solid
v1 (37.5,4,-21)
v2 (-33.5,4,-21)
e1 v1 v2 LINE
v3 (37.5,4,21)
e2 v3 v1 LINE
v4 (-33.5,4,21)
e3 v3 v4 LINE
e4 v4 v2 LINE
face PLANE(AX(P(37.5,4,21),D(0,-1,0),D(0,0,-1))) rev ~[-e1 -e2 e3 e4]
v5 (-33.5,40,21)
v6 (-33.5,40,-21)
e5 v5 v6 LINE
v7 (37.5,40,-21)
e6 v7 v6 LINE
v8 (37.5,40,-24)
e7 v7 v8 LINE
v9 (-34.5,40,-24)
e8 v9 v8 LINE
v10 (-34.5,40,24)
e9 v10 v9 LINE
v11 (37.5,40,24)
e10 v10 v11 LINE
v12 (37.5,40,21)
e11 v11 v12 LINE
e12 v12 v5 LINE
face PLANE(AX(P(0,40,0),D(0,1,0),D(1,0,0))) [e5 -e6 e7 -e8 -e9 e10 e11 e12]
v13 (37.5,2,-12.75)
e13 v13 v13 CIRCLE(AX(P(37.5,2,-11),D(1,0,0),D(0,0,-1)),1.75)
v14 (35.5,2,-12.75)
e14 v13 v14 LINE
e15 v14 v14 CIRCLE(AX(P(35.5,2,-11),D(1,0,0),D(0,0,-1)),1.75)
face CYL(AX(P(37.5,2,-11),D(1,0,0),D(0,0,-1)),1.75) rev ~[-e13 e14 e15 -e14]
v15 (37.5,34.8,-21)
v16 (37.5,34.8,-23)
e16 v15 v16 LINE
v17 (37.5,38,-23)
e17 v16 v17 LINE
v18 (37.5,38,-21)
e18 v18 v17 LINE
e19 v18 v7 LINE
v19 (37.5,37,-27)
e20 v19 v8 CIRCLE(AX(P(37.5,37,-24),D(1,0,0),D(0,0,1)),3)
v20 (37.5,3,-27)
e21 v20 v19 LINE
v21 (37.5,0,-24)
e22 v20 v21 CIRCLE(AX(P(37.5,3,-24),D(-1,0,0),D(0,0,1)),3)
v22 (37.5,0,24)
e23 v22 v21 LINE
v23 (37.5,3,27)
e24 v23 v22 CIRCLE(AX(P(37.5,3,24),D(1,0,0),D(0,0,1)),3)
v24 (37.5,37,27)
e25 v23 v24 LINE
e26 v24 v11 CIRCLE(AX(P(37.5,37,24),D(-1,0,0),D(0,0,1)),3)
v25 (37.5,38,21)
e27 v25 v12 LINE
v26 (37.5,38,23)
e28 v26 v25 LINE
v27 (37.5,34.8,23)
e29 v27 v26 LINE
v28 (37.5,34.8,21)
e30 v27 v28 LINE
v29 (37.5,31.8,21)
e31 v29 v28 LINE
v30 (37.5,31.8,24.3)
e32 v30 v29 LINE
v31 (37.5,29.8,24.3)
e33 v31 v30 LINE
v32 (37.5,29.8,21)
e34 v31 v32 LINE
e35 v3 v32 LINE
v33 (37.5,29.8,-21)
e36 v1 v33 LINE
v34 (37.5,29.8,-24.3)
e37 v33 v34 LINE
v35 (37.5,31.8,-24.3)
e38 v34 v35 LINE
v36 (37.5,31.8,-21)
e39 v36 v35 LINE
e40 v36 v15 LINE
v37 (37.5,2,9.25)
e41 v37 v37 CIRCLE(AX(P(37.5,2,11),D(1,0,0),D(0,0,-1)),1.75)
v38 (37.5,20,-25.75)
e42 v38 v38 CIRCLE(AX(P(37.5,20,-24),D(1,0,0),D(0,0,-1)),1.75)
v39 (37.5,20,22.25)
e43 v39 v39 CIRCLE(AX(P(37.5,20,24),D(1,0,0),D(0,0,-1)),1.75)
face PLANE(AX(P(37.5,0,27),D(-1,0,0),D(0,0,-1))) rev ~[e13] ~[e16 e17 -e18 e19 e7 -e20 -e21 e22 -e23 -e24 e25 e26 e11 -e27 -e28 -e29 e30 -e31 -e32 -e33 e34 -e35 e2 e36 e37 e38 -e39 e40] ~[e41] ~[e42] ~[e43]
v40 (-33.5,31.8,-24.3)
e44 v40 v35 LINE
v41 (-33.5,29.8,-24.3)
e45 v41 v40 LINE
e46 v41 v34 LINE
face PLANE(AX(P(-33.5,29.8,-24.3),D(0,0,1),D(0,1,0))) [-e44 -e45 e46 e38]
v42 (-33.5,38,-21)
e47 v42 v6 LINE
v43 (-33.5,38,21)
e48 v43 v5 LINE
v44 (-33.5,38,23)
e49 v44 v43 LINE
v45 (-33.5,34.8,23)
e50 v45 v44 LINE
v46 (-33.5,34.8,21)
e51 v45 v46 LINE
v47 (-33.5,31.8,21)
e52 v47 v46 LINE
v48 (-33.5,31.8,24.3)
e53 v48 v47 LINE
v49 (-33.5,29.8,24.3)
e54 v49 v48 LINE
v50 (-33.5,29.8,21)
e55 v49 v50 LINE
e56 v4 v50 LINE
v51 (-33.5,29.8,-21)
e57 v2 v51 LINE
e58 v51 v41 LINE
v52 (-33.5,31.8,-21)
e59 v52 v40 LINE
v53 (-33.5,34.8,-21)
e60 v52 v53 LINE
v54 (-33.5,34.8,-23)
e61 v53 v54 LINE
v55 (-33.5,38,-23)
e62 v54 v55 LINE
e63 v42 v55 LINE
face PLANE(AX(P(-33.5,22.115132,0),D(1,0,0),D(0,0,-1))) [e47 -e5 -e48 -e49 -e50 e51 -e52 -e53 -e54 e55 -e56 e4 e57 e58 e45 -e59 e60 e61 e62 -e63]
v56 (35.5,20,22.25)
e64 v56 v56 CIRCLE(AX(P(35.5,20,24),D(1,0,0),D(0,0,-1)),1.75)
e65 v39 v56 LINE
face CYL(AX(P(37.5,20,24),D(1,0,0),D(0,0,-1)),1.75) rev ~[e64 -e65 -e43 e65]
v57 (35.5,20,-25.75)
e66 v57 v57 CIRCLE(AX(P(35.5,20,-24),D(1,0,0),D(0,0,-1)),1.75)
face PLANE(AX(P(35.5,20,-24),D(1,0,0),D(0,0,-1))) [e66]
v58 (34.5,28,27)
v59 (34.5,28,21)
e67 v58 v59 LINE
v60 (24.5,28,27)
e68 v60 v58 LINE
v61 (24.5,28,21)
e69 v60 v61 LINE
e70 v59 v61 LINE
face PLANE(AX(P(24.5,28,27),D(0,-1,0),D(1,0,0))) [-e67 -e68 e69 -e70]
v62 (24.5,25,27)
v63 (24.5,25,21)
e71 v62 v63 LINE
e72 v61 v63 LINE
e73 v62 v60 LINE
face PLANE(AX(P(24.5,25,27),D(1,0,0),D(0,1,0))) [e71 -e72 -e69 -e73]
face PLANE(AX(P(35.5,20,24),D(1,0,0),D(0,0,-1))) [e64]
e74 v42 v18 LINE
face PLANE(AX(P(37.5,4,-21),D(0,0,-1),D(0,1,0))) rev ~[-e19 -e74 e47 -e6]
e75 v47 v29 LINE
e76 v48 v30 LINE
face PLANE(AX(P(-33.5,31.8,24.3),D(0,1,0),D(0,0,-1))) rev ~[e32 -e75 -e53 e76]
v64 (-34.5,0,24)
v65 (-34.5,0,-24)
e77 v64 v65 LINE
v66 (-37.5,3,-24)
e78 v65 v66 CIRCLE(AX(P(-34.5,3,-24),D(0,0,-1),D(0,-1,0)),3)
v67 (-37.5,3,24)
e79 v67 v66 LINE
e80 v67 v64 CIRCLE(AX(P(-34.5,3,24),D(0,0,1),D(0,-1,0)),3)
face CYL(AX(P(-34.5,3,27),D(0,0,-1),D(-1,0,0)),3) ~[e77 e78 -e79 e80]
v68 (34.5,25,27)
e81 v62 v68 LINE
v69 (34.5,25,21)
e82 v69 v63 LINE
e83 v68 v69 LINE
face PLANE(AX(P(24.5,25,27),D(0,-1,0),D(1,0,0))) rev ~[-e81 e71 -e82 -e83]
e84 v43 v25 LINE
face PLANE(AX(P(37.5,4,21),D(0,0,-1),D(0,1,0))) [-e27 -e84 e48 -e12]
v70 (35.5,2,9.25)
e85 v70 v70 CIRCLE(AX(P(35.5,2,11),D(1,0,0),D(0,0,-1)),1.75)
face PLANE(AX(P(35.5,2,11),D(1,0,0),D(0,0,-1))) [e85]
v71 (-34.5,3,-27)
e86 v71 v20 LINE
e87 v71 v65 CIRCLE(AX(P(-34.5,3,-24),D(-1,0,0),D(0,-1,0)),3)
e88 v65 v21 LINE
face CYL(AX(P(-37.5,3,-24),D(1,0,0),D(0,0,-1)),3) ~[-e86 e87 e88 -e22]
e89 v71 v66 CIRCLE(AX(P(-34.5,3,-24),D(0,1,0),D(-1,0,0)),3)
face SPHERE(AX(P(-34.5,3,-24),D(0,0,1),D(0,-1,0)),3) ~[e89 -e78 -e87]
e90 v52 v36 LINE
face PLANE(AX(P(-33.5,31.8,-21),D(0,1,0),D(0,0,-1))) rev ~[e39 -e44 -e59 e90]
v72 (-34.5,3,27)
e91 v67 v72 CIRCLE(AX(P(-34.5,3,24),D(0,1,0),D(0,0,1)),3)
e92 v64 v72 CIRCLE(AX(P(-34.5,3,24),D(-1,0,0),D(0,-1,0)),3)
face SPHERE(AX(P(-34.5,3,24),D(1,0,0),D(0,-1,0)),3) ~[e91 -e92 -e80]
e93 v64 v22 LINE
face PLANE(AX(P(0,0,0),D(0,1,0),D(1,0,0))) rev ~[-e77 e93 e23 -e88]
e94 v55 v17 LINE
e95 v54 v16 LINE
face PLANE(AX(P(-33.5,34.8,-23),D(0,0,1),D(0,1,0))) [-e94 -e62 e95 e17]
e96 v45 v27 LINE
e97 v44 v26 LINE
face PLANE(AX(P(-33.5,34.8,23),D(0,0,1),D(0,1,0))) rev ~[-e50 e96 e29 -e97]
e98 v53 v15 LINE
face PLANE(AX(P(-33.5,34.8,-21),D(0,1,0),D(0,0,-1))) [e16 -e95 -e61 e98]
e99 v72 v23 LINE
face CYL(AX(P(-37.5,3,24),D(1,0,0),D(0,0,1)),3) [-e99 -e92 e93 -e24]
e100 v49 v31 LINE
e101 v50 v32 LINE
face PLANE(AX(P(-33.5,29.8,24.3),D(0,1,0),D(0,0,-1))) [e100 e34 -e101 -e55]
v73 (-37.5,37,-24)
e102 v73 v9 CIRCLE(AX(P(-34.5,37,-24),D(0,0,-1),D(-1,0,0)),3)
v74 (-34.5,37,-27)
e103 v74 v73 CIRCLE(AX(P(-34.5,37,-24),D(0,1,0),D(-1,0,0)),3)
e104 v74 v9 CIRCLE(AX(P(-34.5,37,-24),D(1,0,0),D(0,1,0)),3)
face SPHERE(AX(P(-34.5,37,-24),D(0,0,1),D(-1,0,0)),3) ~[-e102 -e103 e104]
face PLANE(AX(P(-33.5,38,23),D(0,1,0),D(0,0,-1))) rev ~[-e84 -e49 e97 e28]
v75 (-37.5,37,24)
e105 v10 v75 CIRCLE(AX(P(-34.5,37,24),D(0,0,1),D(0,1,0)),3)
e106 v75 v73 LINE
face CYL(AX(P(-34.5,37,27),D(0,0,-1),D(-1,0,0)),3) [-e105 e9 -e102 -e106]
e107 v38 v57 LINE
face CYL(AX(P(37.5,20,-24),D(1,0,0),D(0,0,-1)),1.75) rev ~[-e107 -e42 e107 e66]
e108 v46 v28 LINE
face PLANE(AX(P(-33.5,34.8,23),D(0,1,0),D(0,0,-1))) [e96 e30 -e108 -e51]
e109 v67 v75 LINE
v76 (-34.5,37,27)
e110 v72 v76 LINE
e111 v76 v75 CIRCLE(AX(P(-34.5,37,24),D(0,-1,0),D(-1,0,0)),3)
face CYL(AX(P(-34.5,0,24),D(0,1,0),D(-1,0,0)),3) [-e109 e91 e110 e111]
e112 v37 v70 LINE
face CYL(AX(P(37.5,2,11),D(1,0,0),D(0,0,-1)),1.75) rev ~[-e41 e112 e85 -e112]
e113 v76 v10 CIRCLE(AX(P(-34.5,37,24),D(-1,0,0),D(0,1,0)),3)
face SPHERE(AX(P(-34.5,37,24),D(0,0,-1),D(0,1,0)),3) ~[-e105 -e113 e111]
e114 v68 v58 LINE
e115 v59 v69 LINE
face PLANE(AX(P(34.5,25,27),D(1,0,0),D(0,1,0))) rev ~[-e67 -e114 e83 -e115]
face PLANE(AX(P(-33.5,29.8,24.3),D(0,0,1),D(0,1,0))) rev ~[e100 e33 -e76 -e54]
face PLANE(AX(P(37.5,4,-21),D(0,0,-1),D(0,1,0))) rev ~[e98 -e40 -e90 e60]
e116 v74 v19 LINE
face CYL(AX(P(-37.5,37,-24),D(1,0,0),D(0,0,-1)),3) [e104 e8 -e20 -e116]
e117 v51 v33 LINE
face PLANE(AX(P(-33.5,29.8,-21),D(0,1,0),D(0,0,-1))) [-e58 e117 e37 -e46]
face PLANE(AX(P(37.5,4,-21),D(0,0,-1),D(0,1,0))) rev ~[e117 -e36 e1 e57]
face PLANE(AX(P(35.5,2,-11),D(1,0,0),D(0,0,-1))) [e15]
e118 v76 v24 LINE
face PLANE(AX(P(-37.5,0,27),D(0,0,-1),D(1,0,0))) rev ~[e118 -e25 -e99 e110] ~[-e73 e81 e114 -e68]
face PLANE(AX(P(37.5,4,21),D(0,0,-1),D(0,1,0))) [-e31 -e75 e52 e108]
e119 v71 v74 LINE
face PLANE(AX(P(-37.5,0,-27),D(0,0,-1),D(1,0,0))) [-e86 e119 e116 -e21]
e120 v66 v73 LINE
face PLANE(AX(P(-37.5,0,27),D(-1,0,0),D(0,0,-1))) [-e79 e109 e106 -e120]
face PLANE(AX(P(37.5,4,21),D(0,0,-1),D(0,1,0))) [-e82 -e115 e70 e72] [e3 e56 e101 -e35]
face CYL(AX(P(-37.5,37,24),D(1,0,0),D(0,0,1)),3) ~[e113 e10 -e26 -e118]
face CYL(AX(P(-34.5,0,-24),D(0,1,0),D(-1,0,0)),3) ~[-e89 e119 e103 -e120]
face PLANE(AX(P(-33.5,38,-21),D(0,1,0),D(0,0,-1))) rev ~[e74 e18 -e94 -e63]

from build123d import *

# Parameters (mm, degrees)
ESQUISSE1_W             = 75
ESQUISSE1_H             = 54
BOSS_EXTRU_1_DEPTH      = 40
ESQUISSE2_W             = 42
ESQUISSE2_H             = 36.230264554
ENL_V_MAT_EXTRU_1_DEPTH = 71
ESQUISSE4_W             = 2
ESQUISSE4_H             = 3.2
ESQUISSE4_W_2           = 3.3
ESQUISSE4_H_2           = 2
ENL_V_MAT_EXTRU_2_DEPTH = 72
ESQUISSE8_W             = 10
ESQUISSE8_H             = 3
ENL_V_MAT_EXTRU_5_DEPTH = 11
ESQUISSE9_R             = 1.75
ENL_V_MAT_EXTRU_6_DEPTH = 2
CONG_1_R                = 3


with BuildPart() as part:
    # Esquisse1 → Boss.-Extru.1 (new body)
    with BuildSketch(Plane(origin=(0, 0, 0), x_dir=(1, 0, 0), z_dir=(0, 1, 0))):
        Rectangle(ESQUISSE1_W, ESQUISSE1_H)
    extrude(amount=BOSS_EXTRU_1_DEPTH)

    # Esquisse2 → Enlèv. mat.-Extru.1 (cut)
    with BuildSketch(Plane(origin=(37.5, 0, 0), x_dir=(0, 0, -1), z_dir=(1, 0, 0))):
        with Locations((0, 22.115132277)):
            Rectangle(ESQUISSE2_W, ESQUISSE2_H)
    extrude(amount=-ENL_V_MAT_EXTRU_1_DEPTH, mode=Mode.SUBTRACT)

    # Esquisse4 → Enlèv. mat.-Extru.2 (cut)
    with BuildSketch(Plane(origin=(-33.5, 0, 0), x_dir=(0, 0, -1), z_dir=(1, 0, 0))):
        with Locations((-22, 36.4)):
            Rectangle(ESQUISSE4_W, ESQUISSE4_H)
        with Locations((-22.65, 30.8)):
            Rectangle(ESQUISSE4_W_2, ESQUISSE4_H_2)
        with Locations((22, 36.4)):
            Rectangle(ESQUISSE4_W, ESQUISSE4_H)
        with Locations((22.65, 30.8)):
            Rectangle(ESQUISSE4_W_2, ESQUISSE4_H_2)
    extrude(amount=ENL_V_MAT_EXTRU_2_DEPTH, mode=Mode.SUBTRACT)

    # Esquisse8 → Enlèv. mat.-Extru.5 (cut)
    with BuildSketch(Plane.XY.offset(27)):
        with Locations((29.5, 26.5)):
            Rectangle(ESQUISSE8_W, ESQUISSE8_H)
    extrude(amount=-ENL_V_MAT_EXTRU_5_DEPTH, mode=Mode.SUBTRACT)

    # Esquisse9 → Enlèv. mat.-Extru.6 (cut)
    with BuildSketch(Plane(origin=(37.5, 0, 0), x_dir=(0, 0, -1), z_dir=(1, 0, 0))):
        with Locations((-24, 20)):
            Circle(ESQUISSE9_R)
        with Locations((-11, 2)):
            Circle(ESQUISSE9_R)
        with Locations((11, 2)):
            Circle(ESQUISSE9_R)
        with Locations((24, 20)):
            Circle(ESQUISSE9_R)
    extrude(amount=-ENL_V_MAT_EXTRU_6_DEPTH, mode=Mode.SUBTRACT)

    # Congé1
    cong_1_edges = [part.edges().sort_by_distance(p)[0] for p in [
        (-37.5, 40, 0),
        (0, 40, 27),
        (0, 0, 27),
        (-37.5, 0, 0),
        (0, 0, -27),
        (-37.5, 20, 27),
        (-37.5, 20, -27),
        (0, 40, -27),
    ]]
    fillet(cong_1_edges, radius=CONG_1_R)


solid = part.part
